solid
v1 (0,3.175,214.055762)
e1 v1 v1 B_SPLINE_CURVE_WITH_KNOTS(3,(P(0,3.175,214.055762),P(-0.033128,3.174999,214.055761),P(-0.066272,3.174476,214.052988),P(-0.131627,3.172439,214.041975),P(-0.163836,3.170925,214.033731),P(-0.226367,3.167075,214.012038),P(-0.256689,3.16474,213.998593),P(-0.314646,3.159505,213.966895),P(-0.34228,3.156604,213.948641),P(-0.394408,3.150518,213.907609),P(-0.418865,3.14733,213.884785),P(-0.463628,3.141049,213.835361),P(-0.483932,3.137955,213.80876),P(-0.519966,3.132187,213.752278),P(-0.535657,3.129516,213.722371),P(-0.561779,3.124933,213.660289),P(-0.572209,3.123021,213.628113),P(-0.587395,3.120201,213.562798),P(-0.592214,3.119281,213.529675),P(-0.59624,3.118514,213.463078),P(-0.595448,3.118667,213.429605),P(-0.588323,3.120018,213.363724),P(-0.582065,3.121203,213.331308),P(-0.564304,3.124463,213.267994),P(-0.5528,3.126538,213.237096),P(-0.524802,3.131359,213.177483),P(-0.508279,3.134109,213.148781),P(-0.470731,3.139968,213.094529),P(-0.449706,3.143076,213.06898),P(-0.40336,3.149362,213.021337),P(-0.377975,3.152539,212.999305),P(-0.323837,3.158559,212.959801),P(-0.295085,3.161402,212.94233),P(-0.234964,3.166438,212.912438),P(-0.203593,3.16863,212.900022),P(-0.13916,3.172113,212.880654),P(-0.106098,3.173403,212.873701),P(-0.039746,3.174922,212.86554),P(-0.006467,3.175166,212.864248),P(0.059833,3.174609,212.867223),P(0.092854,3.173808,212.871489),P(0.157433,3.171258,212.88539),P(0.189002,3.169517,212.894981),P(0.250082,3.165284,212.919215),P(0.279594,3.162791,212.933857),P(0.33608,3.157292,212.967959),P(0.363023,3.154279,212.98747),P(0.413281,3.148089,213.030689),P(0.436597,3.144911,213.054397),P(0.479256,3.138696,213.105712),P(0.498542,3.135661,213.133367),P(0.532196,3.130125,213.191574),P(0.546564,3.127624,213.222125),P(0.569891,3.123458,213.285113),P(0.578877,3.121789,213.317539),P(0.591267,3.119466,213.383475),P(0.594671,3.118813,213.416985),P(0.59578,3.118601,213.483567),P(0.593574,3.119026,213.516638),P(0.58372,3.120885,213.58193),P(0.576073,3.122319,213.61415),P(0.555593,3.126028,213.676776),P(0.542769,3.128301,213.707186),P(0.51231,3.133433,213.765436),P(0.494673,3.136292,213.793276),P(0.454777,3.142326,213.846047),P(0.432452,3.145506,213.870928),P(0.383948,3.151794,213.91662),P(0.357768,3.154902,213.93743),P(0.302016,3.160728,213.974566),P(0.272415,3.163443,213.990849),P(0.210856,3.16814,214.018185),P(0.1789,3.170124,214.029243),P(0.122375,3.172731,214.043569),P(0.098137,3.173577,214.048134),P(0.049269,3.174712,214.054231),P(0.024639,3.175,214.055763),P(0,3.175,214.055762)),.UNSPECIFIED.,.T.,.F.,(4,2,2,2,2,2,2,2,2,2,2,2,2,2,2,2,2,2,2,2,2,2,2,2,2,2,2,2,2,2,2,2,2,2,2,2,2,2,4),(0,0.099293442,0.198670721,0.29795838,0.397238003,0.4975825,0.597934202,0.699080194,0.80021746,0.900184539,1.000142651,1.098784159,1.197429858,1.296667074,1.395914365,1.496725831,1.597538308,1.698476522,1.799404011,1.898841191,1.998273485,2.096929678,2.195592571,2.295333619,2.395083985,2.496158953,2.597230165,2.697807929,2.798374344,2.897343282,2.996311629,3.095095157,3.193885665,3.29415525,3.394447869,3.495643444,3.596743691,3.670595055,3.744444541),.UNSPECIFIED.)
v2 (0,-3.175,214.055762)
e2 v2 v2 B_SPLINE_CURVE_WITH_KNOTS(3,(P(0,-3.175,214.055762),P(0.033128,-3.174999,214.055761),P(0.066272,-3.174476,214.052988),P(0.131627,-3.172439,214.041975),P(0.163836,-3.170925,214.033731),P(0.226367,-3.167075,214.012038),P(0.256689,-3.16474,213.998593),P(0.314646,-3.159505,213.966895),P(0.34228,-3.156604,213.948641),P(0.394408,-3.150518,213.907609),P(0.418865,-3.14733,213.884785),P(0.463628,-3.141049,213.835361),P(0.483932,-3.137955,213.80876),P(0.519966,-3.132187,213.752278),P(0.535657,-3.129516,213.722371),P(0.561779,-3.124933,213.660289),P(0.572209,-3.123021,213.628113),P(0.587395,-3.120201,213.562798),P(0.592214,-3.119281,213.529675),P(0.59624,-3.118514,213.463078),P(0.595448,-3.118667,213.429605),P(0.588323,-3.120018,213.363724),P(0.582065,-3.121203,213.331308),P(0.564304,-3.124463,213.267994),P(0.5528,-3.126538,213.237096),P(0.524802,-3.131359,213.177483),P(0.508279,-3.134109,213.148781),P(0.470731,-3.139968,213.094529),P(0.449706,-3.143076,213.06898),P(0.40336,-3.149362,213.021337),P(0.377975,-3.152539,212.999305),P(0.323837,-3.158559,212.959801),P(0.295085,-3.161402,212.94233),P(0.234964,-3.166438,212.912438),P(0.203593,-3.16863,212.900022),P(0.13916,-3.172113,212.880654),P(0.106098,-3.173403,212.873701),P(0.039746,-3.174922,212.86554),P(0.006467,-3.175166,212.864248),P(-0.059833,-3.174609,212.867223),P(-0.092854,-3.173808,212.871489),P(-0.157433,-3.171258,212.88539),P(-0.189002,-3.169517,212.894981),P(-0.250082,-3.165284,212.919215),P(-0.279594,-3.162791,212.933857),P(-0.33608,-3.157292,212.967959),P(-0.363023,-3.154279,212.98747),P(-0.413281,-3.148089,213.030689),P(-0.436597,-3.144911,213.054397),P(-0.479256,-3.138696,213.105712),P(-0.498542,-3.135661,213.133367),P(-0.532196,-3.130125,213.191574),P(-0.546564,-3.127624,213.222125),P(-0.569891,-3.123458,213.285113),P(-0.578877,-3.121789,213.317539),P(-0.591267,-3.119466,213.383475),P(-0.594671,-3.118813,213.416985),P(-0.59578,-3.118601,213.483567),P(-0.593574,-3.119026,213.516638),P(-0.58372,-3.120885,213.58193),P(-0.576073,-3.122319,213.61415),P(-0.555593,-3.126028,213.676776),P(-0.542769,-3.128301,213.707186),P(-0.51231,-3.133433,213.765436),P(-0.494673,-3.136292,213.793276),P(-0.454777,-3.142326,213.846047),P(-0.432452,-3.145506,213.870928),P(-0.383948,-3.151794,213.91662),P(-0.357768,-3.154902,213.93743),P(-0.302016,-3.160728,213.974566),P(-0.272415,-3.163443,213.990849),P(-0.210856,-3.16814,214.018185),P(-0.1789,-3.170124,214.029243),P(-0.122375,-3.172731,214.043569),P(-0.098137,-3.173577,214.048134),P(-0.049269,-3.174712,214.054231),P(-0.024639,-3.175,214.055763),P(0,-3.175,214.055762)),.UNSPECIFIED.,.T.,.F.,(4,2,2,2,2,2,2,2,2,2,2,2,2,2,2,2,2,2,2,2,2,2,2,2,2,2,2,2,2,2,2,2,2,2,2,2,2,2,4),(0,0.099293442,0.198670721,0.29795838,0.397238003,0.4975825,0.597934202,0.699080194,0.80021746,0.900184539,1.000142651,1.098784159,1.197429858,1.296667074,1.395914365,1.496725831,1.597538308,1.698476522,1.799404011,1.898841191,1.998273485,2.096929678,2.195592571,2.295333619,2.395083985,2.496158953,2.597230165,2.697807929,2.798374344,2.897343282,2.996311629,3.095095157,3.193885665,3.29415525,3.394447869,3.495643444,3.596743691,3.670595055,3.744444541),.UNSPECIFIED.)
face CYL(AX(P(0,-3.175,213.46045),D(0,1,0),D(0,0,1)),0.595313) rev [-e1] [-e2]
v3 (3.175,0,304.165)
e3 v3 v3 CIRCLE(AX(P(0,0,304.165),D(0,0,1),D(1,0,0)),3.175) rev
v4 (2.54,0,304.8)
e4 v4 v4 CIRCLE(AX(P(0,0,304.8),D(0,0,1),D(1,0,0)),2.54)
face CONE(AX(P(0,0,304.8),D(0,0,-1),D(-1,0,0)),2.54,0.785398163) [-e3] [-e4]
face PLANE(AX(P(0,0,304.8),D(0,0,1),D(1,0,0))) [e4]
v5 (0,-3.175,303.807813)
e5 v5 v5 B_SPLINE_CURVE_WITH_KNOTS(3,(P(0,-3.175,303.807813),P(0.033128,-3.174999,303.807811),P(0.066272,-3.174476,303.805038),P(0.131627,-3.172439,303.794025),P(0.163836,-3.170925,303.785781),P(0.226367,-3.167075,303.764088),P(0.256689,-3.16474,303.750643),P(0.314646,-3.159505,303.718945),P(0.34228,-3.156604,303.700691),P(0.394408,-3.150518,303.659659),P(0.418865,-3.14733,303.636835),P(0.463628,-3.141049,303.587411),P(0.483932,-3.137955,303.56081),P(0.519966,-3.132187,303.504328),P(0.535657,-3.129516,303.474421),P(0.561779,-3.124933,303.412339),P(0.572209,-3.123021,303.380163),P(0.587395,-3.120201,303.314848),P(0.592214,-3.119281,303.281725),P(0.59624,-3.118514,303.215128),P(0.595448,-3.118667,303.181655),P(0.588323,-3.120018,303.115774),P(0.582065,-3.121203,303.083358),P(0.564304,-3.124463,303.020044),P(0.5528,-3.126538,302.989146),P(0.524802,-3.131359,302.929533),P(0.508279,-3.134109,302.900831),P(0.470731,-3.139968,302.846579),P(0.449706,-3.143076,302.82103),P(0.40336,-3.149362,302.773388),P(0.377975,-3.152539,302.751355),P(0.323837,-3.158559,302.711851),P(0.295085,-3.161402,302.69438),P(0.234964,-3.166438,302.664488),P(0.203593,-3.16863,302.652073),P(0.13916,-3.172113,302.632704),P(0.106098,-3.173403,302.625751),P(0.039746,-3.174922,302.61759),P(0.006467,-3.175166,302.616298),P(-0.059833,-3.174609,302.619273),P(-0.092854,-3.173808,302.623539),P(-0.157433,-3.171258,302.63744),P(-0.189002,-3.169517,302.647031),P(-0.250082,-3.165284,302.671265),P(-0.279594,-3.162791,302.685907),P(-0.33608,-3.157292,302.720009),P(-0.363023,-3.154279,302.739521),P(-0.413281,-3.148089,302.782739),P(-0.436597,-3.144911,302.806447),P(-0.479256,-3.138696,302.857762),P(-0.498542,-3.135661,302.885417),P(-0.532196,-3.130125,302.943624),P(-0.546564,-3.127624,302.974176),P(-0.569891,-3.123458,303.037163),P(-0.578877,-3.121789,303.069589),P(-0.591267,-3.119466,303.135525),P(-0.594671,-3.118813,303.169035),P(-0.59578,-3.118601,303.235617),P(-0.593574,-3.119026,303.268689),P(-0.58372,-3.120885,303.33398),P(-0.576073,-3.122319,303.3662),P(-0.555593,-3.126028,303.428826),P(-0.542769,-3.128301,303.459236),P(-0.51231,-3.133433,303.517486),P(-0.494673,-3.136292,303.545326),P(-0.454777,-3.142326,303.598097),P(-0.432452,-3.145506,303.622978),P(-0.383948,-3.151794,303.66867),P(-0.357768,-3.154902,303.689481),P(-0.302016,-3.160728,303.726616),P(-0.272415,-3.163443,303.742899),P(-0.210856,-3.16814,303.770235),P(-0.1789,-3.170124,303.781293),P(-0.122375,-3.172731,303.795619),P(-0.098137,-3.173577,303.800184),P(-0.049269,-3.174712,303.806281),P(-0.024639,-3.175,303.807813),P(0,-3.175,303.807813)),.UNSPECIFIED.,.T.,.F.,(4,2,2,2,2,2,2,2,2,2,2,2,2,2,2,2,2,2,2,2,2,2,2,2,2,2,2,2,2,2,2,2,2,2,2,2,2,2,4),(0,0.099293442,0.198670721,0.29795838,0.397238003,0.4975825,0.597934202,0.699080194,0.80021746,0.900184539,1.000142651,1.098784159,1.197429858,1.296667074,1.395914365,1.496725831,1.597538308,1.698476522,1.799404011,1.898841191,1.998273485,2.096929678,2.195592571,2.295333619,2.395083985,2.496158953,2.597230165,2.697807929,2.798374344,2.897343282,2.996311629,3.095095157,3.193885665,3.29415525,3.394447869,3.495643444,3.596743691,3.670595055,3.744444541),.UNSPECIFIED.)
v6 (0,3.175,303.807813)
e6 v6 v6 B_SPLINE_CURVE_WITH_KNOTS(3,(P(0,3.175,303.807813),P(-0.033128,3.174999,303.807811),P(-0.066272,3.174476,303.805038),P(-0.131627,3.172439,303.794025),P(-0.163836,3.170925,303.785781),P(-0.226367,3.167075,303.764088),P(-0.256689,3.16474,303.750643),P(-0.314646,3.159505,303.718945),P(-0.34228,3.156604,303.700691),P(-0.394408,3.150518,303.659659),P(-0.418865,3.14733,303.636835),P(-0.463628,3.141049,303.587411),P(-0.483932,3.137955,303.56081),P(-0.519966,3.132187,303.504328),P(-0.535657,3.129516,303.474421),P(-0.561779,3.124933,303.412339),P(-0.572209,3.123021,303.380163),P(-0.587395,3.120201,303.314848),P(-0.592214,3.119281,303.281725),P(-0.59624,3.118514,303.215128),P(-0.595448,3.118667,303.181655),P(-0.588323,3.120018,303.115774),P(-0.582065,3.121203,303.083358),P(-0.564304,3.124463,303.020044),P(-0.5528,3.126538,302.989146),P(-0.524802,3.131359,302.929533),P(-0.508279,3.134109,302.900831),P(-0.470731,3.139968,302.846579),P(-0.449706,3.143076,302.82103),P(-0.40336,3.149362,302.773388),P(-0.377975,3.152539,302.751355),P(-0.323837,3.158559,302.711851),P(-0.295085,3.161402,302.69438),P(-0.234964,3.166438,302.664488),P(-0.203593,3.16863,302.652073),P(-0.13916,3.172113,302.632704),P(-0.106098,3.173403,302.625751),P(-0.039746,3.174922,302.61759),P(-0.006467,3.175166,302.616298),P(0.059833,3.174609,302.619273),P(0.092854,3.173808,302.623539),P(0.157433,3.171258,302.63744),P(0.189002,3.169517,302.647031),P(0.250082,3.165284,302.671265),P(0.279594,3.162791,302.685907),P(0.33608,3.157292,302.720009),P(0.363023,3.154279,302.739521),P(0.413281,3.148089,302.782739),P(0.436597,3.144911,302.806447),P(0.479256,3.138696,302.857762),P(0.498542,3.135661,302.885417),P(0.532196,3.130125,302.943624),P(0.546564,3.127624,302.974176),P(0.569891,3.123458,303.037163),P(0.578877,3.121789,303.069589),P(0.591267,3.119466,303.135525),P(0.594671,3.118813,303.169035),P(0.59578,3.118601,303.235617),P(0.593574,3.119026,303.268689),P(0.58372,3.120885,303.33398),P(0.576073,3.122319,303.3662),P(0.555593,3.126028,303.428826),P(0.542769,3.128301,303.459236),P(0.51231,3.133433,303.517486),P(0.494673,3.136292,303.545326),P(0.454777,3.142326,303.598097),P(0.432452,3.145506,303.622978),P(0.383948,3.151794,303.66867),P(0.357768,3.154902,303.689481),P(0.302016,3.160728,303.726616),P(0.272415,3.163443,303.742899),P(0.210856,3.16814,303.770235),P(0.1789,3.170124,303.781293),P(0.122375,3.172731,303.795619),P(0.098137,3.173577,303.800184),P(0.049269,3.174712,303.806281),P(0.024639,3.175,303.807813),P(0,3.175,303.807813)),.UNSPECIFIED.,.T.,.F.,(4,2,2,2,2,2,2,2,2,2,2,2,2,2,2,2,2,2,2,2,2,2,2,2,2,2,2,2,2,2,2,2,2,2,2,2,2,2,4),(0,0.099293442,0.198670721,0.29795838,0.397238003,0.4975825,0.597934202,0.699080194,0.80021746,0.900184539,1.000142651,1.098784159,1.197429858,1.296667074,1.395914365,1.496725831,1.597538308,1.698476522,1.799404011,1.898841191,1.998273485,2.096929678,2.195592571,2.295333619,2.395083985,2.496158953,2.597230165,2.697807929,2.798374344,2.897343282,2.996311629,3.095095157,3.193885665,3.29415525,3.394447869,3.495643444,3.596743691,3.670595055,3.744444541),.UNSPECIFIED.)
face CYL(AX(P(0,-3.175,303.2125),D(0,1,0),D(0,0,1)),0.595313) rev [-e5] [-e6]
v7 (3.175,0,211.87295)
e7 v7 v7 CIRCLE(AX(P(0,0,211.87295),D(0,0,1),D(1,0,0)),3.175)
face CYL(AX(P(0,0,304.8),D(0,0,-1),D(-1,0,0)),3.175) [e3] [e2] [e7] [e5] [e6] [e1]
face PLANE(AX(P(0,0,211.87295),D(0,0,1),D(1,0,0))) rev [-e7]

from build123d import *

# Parameters (mm, degrees)
SKETCH3_R               = 3.175
BOSS_EXTRUDE1_DEPTH     = 304.8
CHAMFER1_SIZE           = 0.635
CUT_EXTRUDE1_START      = -92.927050112
SKETCH4_R               = 3.175
CUT_EXTRUDE1_DEPTH      = 517.672949888
SKETCH5_R               = 0.5953125
CUT_EXTRUDE2_DEPTH      = 4.175
CUT_EXTRUDE2_DEPTH_BACK = 4.175


with BuildPart() as part:
    # Sketch3 → Boss-Extrude1 (new body, symmetric)
    with BuildSketch(Plane.XY):
        Circle(SKETCH3_R)
    extrude(amount=BOSS_EXTRUDE1_DEPTH, both=True)

    # Chamfer1
    chamfer1_edges = [part.edges().sort_by_distance(p)[0] for p in [
        (-3.175, 0, -304.8),
        (-3.175, 0, 304.8),
    ]]
    chamfer(chamfer1_edges, length=CHAMFER1_SIZE)

    # Sketch4 → Cut-Extrude1 (cut, through all)
    with BuildSketch(Plane.XY.offset(304.8).offset(CUT_EXTRUDE1_START)):
        Circle(SKETCH4_R)
    extrude(amount=-CUT_EXTRUDE1_DEPTH, mode=Mode.SUBTRACT)

    # Sketch5 → Cut-Extrude2 (cut, two sides)
    with BuildSketch(Plane(origin=(0, 0, 0), x_dir=(1, 0, 0), z_dir=(0, 1, 0))) as cut_extrude2_sk:
        with Locations((0, -213.460449888)):
            Circle(SKETCH5_R)
        with Locations((0, -303.2125)):
            Circle(SKETCH5_R)
    extrude(amount=CUT_EXTRUDE2_DEPTH, mode=Mode.SUBTRACT)
    extrude(cut_extrude2_sk.sketch, amount=-CUT_EXTRUDE2_DEPTH_BACK, mode=Mode.SUBTRACT)


solid = part.part
